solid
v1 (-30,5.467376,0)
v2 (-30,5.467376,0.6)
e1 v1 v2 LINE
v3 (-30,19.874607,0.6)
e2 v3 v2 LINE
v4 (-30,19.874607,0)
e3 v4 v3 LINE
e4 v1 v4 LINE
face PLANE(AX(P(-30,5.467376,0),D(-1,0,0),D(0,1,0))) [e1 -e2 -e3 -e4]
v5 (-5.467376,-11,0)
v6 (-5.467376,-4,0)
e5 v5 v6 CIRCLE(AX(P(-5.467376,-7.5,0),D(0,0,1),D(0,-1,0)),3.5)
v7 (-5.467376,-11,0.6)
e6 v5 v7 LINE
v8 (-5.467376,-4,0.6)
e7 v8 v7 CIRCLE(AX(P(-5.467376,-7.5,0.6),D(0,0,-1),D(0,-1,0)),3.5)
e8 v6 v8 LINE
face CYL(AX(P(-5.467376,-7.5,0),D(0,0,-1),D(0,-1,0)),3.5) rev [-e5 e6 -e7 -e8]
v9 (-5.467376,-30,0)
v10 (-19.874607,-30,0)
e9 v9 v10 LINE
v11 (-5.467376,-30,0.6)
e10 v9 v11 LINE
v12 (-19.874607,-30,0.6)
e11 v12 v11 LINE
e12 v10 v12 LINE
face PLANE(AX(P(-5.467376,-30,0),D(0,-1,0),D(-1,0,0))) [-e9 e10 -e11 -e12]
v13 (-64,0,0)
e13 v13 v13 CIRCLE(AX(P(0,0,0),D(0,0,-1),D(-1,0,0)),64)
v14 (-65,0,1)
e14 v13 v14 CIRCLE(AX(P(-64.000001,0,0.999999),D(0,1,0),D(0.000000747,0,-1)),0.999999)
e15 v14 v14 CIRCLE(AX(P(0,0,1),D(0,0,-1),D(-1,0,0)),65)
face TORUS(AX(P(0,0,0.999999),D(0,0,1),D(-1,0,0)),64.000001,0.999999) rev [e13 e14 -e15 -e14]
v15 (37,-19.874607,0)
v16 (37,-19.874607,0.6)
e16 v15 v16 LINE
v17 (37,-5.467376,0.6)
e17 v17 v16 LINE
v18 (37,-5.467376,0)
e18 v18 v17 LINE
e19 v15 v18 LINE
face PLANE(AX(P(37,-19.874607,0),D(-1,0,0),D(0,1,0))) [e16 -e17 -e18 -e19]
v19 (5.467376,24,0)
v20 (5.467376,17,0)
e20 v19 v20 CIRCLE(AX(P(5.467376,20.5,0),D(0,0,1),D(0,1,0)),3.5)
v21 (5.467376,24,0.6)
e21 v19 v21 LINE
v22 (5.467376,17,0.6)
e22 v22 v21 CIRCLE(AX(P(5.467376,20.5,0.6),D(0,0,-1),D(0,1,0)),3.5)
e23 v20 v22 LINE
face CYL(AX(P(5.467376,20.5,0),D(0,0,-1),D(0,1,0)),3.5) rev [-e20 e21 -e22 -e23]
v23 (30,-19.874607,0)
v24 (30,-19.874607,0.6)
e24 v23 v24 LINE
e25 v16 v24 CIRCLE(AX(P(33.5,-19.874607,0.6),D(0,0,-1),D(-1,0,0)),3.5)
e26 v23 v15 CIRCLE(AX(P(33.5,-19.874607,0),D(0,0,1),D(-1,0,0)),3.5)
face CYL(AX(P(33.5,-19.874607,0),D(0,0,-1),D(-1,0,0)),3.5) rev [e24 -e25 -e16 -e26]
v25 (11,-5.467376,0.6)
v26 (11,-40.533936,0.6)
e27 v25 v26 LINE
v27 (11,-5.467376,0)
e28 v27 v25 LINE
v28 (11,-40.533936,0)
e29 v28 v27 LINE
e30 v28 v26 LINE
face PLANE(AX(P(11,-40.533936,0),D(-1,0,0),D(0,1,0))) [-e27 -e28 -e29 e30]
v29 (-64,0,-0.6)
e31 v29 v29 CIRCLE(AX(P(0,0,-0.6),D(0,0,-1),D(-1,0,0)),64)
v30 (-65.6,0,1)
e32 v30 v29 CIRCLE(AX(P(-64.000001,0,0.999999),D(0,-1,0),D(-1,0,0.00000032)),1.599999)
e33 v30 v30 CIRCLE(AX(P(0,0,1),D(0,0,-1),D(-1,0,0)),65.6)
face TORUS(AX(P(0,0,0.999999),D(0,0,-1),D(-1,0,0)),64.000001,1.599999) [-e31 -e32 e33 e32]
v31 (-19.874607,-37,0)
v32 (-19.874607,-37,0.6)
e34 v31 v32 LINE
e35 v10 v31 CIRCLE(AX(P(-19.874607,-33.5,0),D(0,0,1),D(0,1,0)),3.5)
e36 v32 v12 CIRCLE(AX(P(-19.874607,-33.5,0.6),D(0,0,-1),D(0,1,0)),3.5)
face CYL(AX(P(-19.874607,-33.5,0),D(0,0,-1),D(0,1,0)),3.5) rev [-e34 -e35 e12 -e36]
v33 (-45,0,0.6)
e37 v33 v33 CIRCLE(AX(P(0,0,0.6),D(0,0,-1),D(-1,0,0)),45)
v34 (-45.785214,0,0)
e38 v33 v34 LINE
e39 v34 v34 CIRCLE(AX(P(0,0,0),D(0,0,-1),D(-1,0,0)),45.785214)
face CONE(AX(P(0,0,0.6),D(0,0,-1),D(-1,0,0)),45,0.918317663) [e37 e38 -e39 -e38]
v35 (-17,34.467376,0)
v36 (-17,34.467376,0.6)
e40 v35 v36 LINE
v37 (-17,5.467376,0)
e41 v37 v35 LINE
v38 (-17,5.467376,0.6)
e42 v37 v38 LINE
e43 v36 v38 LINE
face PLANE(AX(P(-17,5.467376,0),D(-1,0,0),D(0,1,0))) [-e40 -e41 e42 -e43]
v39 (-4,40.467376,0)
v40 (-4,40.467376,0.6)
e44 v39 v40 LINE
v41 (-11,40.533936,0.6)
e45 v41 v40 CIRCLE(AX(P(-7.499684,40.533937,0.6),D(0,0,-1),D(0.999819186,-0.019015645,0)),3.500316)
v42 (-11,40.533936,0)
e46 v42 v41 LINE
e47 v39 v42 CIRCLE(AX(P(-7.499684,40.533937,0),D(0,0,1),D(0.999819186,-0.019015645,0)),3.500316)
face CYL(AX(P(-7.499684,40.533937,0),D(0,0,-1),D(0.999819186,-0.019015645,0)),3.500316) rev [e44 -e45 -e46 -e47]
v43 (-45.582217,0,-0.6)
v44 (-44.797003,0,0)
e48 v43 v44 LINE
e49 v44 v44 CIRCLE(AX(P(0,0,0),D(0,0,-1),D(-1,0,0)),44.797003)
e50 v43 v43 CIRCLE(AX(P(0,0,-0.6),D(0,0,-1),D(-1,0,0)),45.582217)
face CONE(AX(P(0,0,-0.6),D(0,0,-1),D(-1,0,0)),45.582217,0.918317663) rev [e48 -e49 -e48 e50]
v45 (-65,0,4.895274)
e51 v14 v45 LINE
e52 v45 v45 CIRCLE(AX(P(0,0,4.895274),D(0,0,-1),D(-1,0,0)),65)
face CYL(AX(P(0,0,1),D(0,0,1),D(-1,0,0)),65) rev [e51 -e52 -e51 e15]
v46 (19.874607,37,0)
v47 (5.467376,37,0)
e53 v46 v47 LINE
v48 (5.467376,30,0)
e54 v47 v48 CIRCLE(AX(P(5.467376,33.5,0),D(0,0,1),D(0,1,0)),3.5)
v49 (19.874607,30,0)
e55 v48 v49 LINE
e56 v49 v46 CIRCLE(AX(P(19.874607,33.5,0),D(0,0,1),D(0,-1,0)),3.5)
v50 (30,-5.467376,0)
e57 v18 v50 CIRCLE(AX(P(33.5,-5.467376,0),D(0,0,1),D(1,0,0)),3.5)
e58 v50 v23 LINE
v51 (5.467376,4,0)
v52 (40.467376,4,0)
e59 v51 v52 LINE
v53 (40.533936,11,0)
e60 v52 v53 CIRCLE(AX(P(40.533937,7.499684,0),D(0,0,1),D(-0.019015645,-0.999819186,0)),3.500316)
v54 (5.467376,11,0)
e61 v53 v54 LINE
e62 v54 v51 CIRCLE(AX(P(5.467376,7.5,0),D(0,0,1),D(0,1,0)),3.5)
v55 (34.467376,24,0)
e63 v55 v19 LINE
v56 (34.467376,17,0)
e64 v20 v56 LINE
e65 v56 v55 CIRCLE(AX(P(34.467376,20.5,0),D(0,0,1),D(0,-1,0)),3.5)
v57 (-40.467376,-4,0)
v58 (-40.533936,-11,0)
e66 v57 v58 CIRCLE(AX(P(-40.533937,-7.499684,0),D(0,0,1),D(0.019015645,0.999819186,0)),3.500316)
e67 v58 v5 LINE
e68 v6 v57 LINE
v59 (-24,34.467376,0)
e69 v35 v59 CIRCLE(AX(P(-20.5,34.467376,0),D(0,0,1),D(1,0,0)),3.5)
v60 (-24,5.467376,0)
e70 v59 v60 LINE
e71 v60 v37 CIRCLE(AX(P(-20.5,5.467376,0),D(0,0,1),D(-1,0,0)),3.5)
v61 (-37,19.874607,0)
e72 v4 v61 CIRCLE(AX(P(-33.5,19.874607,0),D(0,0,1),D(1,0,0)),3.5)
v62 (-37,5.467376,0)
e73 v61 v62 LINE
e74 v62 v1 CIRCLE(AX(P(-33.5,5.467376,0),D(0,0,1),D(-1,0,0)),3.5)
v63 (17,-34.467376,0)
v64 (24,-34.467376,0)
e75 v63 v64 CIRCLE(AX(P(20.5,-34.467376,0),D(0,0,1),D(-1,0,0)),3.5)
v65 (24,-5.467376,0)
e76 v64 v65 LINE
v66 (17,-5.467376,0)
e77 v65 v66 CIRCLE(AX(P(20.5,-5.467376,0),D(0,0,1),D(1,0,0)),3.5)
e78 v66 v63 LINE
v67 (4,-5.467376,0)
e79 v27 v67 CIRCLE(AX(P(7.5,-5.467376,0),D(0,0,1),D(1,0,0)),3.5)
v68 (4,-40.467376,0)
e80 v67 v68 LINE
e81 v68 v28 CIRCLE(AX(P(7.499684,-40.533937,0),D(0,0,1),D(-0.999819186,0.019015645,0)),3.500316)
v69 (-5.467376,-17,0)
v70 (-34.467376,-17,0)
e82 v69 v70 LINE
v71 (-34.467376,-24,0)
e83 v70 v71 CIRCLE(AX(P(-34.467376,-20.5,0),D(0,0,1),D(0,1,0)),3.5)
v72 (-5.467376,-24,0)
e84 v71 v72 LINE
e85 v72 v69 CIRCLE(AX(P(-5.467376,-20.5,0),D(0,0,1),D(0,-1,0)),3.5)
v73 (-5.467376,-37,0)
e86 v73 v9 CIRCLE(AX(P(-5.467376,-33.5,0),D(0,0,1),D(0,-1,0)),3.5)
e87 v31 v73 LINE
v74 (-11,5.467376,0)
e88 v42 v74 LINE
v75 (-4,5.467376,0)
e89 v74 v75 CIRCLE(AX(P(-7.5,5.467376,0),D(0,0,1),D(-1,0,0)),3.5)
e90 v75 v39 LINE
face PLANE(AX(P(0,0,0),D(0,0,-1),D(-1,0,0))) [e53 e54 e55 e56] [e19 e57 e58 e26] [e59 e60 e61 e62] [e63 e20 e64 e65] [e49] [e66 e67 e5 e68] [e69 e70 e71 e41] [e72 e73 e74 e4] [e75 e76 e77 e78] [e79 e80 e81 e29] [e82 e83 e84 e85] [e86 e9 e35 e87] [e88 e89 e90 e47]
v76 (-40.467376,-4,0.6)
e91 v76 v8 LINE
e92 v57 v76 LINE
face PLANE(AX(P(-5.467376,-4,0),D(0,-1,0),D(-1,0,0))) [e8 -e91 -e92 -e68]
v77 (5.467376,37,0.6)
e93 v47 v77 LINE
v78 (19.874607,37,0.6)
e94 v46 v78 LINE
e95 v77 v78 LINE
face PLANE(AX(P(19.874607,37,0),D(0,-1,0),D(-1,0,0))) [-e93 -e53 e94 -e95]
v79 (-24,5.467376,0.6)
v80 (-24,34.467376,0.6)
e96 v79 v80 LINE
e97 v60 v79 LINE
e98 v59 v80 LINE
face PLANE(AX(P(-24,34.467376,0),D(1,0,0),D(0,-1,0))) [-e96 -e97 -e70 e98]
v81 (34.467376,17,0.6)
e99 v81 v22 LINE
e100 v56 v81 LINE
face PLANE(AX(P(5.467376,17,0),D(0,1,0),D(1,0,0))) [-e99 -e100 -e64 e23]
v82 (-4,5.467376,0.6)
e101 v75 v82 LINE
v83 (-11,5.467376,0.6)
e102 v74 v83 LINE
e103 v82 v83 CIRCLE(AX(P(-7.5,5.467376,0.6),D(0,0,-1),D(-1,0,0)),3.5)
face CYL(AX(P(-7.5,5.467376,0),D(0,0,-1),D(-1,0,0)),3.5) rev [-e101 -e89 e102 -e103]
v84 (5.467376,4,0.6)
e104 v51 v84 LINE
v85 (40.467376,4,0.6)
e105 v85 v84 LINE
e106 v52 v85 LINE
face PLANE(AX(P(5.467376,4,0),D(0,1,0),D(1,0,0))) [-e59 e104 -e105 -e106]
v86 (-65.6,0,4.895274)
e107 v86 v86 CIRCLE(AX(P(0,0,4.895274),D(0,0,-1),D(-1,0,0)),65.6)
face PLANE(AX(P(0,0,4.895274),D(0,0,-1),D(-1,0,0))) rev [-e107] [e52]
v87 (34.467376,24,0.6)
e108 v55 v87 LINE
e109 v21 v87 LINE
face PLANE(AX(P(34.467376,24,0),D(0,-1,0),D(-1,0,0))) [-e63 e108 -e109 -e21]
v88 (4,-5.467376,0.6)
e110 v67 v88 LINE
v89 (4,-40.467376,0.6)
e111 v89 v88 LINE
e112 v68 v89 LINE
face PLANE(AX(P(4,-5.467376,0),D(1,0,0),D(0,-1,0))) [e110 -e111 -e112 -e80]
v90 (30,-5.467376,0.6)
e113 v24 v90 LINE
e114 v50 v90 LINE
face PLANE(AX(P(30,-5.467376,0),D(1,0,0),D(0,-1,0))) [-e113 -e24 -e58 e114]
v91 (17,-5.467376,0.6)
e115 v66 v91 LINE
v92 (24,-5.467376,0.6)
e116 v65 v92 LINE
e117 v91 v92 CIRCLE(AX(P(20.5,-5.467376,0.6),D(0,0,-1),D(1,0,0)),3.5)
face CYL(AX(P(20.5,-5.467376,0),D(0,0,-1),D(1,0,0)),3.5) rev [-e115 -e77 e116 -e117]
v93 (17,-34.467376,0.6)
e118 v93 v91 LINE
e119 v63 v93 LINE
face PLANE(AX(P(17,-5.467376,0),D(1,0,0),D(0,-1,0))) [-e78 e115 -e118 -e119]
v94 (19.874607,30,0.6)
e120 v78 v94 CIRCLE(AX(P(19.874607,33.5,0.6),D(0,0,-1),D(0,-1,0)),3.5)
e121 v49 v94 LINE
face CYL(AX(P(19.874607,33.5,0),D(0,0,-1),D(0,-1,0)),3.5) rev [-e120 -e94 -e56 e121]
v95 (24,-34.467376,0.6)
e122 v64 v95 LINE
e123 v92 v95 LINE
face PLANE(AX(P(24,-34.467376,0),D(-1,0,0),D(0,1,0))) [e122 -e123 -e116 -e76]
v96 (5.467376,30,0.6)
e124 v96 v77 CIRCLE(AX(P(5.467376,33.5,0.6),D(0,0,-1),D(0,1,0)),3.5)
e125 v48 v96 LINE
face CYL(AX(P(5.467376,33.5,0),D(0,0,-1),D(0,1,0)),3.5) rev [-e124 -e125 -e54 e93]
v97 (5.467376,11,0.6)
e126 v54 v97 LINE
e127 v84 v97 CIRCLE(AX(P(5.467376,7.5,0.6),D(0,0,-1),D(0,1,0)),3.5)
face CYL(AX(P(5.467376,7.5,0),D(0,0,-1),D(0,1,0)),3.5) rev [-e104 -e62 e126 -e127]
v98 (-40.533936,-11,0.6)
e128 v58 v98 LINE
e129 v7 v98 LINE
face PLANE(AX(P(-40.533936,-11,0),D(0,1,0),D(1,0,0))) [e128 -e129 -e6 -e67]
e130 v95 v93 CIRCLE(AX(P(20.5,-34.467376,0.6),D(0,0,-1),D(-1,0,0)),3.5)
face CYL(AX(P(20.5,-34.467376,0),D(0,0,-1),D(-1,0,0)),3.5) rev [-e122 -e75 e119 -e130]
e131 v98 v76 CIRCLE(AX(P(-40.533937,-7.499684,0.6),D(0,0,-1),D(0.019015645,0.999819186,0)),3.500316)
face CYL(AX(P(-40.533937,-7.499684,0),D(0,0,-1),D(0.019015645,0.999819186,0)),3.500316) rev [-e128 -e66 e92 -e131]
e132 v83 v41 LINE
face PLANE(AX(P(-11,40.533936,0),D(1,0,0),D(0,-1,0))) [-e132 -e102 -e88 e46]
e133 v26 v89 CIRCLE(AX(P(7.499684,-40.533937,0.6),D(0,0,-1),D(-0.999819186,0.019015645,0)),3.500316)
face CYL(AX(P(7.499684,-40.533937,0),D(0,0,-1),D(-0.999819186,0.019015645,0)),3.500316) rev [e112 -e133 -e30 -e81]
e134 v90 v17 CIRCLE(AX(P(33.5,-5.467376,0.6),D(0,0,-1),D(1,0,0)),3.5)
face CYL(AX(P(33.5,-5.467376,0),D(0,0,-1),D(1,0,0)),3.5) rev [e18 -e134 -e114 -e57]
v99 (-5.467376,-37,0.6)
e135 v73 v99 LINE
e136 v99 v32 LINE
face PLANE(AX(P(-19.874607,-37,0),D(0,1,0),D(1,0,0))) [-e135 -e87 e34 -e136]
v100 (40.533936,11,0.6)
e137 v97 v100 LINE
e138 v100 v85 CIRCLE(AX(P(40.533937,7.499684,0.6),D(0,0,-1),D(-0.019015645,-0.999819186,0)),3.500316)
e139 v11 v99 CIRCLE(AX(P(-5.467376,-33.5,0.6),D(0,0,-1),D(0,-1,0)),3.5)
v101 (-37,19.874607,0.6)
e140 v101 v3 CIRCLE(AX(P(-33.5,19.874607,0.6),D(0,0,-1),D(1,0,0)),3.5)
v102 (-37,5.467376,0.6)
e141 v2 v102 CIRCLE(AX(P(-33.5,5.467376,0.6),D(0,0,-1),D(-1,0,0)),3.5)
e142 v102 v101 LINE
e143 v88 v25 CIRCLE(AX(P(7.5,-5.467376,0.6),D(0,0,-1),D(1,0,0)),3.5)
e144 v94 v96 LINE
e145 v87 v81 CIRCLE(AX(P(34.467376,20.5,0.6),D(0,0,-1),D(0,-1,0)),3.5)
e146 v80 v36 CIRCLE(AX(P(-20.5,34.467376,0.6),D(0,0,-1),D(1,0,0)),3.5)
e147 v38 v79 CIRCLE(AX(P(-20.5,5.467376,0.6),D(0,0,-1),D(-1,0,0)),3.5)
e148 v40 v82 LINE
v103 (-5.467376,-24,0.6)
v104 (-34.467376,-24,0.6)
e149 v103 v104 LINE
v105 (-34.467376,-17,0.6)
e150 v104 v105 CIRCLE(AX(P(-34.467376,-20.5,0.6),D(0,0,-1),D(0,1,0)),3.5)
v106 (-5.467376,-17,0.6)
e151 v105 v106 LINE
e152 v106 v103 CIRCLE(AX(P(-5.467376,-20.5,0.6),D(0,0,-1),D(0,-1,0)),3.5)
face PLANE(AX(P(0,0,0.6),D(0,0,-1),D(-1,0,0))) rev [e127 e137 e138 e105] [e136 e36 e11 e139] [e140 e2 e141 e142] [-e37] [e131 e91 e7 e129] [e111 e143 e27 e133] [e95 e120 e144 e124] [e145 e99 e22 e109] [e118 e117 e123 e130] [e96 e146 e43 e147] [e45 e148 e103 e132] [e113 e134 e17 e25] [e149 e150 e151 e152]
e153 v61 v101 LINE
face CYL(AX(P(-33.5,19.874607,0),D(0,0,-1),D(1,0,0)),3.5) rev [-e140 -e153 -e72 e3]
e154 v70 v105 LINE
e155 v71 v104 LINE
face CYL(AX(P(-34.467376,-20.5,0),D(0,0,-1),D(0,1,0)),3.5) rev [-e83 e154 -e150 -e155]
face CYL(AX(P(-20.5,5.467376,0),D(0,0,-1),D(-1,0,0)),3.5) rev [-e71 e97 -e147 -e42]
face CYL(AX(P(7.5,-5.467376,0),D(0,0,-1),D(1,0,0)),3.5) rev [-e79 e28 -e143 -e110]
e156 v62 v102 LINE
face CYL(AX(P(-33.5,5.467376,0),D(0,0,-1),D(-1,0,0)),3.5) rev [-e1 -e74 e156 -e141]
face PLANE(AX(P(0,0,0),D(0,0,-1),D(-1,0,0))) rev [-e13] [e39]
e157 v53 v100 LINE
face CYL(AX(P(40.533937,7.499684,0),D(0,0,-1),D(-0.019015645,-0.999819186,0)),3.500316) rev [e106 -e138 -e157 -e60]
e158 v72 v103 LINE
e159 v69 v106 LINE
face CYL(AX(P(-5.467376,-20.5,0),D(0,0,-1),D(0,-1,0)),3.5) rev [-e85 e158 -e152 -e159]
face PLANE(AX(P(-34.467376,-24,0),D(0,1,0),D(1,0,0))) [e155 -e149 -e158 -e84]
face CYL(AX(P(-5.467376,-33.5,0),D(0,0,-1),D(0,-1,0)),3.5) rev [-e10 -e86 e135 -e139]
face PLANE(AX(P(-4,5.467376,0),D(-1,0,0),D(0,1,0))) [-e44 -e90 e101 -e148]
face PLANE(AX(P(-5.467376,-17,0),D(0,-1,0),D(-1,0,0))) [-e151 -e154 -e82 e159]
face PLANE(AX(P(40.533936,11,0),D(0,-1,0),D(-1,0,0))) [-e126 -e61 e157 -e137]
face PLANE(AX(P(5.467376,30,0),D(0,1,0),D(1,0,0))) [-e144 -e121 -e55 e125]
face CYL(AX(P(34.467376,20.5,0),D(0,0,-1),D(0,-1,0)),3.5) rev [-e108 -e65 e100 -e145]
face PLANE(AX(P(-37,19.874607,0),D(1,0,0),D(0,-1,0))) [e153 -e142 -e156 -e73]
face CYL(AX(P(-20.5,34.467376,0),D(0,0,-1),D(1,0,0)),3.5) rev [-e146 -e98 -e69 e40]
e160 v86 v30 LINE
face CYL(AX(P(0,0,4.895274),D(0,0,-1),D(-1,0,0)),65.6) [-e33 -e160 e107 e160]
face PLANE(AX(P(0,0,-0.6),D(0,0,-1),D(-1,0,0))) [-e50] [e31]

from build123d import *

# Parameters (mm, degrees)
F3_DEPTH = 4.896274


with BuildPart() as f1:
    # F0 (on Front) → F1 (revolve)
    with BuildSketch(Plane.XZ):
        with BuildLine():
            Line((-65, 1), (-65, 4.895274))
            Line((-65, 4.895274), (-65.6, 4.895274))
            Line((-65.6, 4.895274), (-65.6, 1))
            ThreePointArc((-65.6, 1), (-65.131371, -0.131371), (-64, -0.6))
            Line((-64, -0.6), (-45.582217, -0.6))
            Line((-45.582217, -0.6), (-44.797003, 0))
            Line((-44.797003, 0), (0, 0))
            Line((0, 0), (0, 0.6))
            Line((0, 0.6), (-45, 0.6))
            Line((-45, 0.6), (-45.785214, 0))
            Line((-45.785214, 0), (-64, 0))
            ThreePointArc((-64, 0), (-64.707107, 0.292893), (-65, 1))
        make_face()
    revolve(axis=Axis((0, 0, 2.485013), (0, 0, -1)))

    # F2 (on Top) → F3 (cut, through all)
    with BuildSketch(Plane.XY):
        with BuildLine():
            Line((-5.467376, -4), (-40.467376, -4))
            ThreePointArc((-40.467376, -4), (-44.034095, -7.466402), (-40.533936, -11))
            Line((-40.533936, -11), (-5.467376, -11))
            ThreePointArc((-5.467376, -11), (-1.967376, -7.5), (-5.467376, -4))
        make_face()
        with BuildLine():
            Line((-5.467376, -17), (-34.467376, -17))
            ThreePointArc((-34.467376, -17), (-37.967376, -20.5), (-34.467376, -24))
            Line((-34.467376, -24), (-5.467376, -24))
            ThreePointArc((-5.467376, -24), (-1.967376, -20.5), (-5.467376, -17))
        make_face()
        with BuildLine():
            Line((-5.467376, -30), (-19.874607, -30))
            ThreePointArc((-19.874607, -30), (-23.374607, -33.5), (-19.874607, -37))
            Line((-19.874607, -37), (-5.467376, -37))
            ThreePointArc((-5.467376, -37), (-1.967376, -33.5), (-5.467376, -30))
        make_face()
        with BuildLine():
            ThreePointArc((-30, 19.874607), (-33.5, 23.374607), (-37, 19.874607))
            Line((-37, 19.874607), (-37, 5.467376))
            ThreePointArc((-37, 5.467376), (-33.5, 1.967376), (-30, 5.467376))
            Line((-30, 5.467376), (-30, 19.874607))
        make_face()
        with BuildLine():
            ThreePointArc((-17, 34.467376), (-20.5, 37.967376), (-24, 34.467376))
            Line((-24, 34.467376), (-24, 5.467376))
            ThreePointArc((-24, 5.467376), (-20.5, 1.967376), (-17, 5.467376))
            Line((-17, 5.467376), (-17, 34.467376))
        make_face()
        with BuildLine():
            ThreePointArc((-4, 40.467376), (-7.466402, 44.034095), (-11, 40.533936))
            Line((-11, 40.533936), (-11, 5.467376))
            ThreePointArc((-11, 5.467376), (-7.5, 1.967376), (-4, 5.467376))
            Line((-4, 5.467376), (-4, 40.467376))
        make_face()
        with BuildLine():
            Line((17, -5.467376), (17, -34.467376))
            ThreePointArc((17, -34.467376), (20.5, -37.967376), (24, -34.467376))
            Line((24, -34.467376), (24, -5.467376))
            ThreePointArc((24, -5.467376), (20.5, -1.967376), (17, -5.467376))
        make_face()
        with BuildLine():
            Line((4, -5.467376), (4, -40.467376))
            ThreePointArc((4, -40.467376), (7.466402, -44.034095), (11, -40.533936))
            Line((11, -40.533936), (11, -5.467376))
            ThreePointArc((11, -5.467376), (7.5, -1.967376), (4, -5.467376))
        make_face()
        with BuildLine():
            Line((30, -5.467376), (30, -19.874607))
            ThreePointArc((30, -19.874607), (33.5, -23.374607), (37, -19.874607))
            Line((37, -19.874607), (37, -5.467376))
            ThreePointArc((37, -5.467376), (33.5, -1.967376), (30, -5.467376))
        make_face()
        with BuildLine():
            Line((5.467376, 4), (40.467376, 4))
            ThreePointArc((40.467376, 4), (44.034095, 7.466402), (40.533936, 11))
            Line((40.533936, 11), (5.467376, 11))
            ThreePointArc((5.467376, 11), (1.967376, 7.5), (5.467376, 4))
        make_face()
        with BuildLine():
            Line((5.467376, 17), (34.467376, 17))
            ThreePointArc((34.467376, 17), (37.967376, 20.5), (34.467376, 24))
            Line((34.467376, 24), (5.467376, 24))
            ThreePointArc((5.467376, 24), (1.967376, 20.5), (5.467376, 17))
        make_face()
        with BuildLine():
            Line((5.467376, 30), (19.874607, 30))
            ThreePointArc((19.874607, 30), (23.374607, 33.5), (19.874607, 37))
            Line((19.874607, 37), (5.467376, 37))
            ThreePointArc((5.467376, 37), (1.967376, 33.5), (5.467376, 30))
        make_face()
    extrude(amount=F3_DEPTH, mode=Mode.SUBTRACT)


solid = f1.part
